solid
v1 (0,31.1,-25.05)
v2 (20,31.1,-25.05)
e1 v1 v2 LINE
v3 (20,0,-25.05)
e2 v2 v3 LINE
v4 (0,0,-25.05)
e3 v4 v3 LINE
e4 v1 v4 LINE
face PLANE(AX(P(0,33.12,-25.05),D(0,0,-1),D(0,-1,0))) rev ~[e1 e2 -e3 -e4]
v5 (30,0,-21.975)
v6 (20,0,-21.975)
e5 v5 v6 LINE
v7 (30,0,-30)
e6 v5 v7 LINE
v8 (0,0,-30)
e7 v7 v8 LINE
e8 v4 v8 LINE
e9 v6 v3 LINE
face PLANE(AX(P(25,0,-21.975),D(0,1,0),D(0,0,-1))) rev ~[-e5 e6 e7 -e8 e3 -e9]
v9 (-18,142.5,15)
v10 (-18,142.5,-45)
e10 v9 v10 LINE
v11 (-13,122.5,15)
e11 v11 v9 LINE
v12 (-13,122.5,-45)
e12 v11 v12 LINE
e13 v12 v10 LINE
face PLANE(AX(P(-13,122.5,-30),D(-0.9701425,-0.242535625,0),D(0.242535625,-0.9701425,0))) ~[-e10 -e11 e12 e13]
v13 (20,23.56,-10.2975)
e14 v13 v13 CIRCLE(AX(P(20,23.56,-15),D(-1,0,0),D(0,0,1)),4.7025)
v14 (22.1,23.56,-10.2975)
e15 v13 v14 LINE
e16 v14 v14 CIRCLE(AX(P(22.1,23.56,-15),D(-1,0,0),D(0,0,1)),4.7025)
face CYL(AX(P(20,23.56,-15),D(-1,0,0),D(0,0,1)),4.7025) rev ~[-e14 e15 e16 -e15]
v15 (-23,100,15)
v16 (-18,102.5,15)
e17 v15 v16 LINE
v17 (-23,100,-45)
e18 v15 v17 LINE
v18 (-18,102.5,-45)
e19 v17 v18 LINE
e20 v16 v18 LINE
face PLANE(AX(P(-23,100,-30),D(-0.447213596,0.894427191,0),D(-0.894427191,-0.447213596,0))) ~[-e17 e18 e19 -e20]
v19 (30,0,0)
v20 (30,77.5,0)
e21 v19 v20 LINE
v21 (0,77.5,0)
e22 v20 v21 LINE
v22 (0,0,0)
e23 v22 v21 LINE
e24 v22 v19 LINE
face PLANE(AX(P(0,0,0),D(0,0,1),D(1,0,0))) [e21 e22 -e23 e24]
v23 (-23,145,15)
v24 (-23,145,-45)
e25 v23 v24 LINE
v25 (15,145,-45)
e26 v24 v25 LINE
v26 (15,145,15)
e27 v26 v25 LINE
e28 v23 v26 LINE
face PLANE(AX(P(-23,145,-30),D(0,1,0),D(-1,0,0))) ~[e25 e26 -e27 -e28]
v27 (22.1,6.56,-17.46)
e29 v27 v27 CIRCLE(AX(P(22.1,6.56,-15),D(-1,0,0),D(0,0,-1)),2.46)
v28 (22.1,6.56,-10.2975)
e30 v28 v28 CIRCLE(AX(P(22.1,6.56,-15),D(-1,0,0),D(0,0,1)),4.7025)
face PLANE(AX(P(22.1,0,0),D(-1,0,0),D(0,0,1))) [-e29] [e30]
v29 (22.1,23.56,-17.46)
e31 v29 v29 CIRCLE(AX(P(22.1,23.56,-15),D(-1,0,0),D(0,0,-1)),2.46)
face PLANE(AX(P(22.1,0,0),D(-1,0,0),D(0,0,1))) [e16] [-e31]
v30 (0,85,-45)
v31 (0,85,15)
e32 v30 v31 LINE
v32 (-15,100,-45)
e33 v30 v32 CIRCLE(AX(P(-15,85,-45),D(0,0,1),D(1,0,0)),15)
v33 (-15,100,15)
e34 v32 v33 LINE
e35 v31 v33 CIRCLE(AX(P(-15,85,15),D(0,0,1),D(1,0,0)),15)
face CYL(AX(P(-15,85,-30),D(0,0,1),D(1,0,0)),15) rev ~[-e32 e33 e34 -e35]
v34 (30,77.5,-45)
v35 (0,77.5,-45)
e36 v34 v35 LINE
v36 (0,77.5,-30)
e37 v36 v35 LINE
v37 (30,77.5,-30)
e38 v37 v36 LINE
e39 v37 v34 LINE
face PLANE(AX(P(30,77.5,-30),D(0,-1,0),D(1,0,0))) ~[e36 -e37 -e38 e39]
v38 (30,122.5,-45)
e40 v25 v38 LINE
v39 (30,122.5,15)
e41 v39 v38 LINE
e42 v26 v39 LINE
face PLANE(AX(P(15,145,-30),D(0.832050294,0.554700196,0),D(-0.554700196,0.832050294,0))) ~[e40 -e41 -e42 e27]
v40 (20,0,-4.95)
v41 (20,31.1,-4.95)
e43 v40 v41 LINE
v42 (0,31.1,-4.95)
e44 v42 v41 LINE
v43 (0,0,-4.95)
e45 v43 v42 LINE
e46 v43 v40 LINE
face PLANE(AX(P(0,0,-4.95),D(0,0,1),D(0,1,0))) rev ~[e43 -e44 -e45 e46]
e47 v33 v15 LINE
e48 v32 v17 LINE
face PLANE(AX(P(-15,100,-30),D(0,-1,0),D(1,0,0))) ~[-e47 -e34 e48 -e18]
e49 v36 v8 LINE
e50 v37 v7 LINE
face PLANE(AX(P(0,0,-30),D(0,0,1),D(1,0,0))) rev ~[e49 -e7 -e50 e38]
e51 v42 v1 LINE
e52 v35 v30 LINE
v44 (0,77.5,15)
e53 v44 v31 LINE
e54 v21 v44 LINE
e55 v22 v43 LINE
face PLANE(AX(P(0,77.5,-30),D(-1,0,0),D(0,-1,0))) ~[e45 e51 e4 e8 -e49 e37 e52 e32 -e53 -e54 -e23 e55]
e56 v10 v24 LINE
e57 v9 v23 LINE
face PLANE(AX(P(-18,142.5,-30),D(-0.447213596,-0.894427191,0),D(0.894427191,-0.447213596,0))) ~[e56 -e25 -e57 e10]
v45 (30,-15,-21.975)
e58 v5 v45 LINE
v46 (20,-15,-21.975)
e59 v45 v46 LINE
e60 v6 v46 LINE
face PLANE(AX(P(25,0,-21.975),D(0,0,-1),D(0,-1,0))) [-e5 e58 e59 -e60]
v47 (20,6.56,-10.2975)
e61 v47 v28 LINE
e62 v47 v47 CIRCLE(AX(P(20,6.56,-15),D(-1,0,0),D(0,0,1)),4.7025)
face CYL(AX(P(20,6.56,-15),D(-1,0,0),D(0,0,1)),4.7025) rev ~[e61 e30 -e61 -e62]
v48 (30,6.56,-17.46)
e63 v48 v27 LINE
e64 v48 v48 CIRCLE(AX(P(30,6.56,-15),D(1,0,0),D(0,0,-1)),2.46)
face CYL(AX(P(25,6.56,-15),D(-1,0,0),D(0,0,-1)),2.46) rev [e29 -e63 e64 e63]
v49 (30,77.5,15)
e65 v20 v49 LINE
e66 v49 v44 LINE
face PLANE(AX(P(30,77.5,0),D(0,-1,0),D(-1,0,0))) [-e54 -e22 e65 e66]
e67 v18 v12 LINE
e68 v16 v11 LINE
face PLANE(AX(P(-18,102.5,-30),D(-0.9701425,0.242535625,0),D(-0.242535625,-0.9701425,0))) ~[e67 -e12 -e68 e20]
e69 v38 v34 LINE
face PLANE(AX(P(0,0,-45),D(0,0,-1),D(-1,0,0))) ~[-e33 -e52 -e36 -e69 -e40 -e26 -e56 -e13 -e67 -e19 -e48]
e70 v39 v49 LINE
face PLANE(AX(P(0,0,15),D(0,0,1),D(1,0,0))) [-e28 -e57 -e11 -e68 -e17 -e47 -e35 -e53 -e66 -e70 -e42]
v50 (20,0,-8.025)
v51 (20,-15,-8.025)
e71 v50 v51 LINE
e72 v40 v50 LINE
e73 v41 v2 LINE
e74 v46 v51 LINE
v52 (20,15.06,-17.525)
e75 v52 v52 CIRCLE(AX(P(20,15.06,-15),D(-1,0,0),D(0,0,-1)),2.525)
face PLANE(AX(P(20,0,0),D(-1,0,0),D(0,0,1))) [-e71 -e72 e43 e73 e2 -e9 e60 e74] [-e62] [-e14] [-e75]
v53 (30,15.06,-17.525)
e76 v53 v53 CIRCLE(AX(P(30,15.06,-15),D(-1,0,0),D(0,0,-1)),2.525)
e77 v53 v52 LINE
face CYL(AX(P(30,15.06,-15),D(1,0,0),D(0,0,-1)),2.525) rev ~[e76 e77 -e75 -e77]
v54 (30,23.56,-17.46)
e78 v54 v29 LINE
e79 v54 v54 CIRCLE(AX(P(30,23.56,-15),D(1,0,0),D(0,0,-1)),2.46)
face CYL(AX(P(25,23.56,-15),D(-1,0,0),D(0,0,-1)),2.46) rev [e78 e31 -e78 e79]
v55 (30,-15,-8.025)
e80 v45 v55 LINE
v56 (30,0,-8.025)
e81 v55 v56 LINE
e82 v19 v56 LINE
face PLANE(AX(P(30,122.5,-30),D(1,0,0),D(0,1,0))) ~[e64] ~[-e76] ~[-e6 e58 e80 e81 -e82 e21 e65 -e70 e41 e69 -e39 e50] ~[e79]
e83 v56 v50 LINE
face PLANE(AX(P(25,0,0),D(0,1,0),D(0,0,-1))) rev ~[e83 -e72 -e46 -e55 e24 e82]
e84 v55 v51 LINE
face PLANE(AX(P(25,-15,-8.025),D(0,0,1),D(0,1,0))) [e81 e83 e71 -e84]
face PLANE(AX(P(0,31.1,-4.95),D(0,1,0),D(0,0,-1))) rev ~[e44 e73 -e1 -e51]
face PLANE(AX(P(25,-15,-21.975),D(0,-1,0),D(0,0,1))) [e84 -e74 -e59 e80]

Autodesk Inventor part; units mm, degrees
ref_plane "YZ Plane" through (0, 0, 0) normal (1, 0, 0) x (0, 1, 0)
ref_plane "XZ Plane" through (0, 0, 0) normal (0, 1, 0) x (-1, 0, 0)
sketch "Sketch1" plane through (0, 0, 0) normal (0, 0, 1) x (1, 0, 0)
  line L0 (0, 0) -> (25, 0)
  line L1 (25, 0) -> (25, 40)
  line L2 (25, 40) -> (0, 40)
  line L3 (0, 40) -> (0, 0)
  dimension "d1" = 25
  dimension "d2" = 40
  dimension "d3" = 25
extrude "Extrusion1" add sketch "Sketch1" against normal blind 30
sketch "Sketch2" plane through (25, 0, 0) normal (1, 0, 0) x (0, 0, -1)
  line L0 (0, 0) -> (30, 0) projected
  circle A0 centre (15, 6.56) radius 2.46
extrude "Extrusion2" cut sketch "Sketch2" against normal blind 30
sketch "Sketch3" plane through (0, 0, 0) normal (-1, 0, 0) x (0, 0, 1)
  line L0 (0, 0) -> (-30, 0) projected
  line L1 (-25.05, 0) -> (-4.95, 0)
  line L2 (-4.95, 0) -> (-4.95, 33.12)
  line L3 (-4.95, 33.12) -> (-25.05, 33.12)
  line L4 (-25.05, 33.12) -> (-25.05, 0)
  dimension "d11" = 20.1
extrude "Extrusion3" cut sketch "Sketch3" against normal blind 20
sketch "Sketch4" plane through (0, 0, 0) normal (0, -1, 0) x (1, 0, 0)
  line L0 (20, -4.95) -> (20, -25.05) projected
  line L1 (20, -15) -> (25, -15)
  line L2 (25, 0) -> (25, -30) projected
  line L3 (20, -8.025) -> (25, -8.025)
  line L4 (25, -8.025) -> (25, -21.975)
  line L5 (25, -21.975) -> (20, -21.975)
  line L6 (20, -21.975) -> (20, -8.025)
  line L7 (20, -8.025) -> (25, -21.975) construction
  line L8 (25, -8.025) -> (20, -21.975) construction
  line L9 (25, -12.54) -> (25, -17.46) projected
  point P0 (0, 0)
  point P1 (22.5, -15)
  dimension "d14" = 13.95
extrude "Extrusion4" add sketch "Sketch4" along normal blind 15
sketch "Sketch5" plane through (20, 0, 0) normal (-1, 0, 0) x (0, 0, 1)
  circle A0 centre (-15, 6.56) radius 2.46 projected
  circle A1 centre (-15, 6.56) radius 4.7025
  circle A2 centre (-15, 6.56) radius 2.46 projected
  circle A3 centre (-15, 6.56) radius 2.46
  point P0 (0, 0)
  dimension "d17" = 9.405
extrude "Extrusion5" cut sketch "Sketch5" against normal blind 2.1
sketch "Sketch6" plane through (25, 0, 0) normal (1, 0, 0) x (0, 0, -1)
  circle A0 centre (15, 6.56) radius 4.7025 projected
  line L0 (15, 6.56) -> (15, 23.56)
  circle A1 centre (15, 23.56) radius 2.46
  point P0 (0, 0)
  dimension "d20" = 17
  dimension "d21" = 4.92
extrude "Extrusion6" cut sketch "Sketch6" against normal blind 10 contours A1
sketch "Sketch7" plane through (20, 0, 0) normal (-1, 0, 0) x (0, 0, 1)
  circle A0 centre (-15, 23.56) radius 2.46 projected
  circle A1 centre (-15, 23.56) radius 4.7025
  point P0 (0, 0)
  dimension "d24" = 9.405
extrude "Extrusion7" cut sketch "Sketch7" against normal blind 2.1
sketch "Sketch9" plane through (25, 0, 0) normal (1, 0, 0) x (0, 0, -1)
  circle A0 centre (15, 6.56) radius 2.46 projected
  circle A1 centre (15, 6.56) radius 2.46
  circle A2 centre (15, 23.56) radius 2.46 projected
  circle A3 centre (15, 23.56) radius 2.46
  line L0 (30, 40) -> (30, 0) projected
  line L1 (30, 0) -> (30, 40)
  line L2 (30, 40) -> (0, 40)
  line L3 (0, 40) -> (0, 0)
  line L4 (0, 0) -> (8.025, 0) projected
  line L5 (21.975, 0) -> (21.975, -15)
  line L6 (21.975, -15) -> (8.025, -15)
  line L7 (8.025, -15) -> (8.025, 0)
  line L8 (0, 0) -> (8.025, 0)
  line L9 (21.975, 0) -> (30, 0)
extrude "Extrusion8" add sketch "Sketch9" along normal blind 5
sketch "Sketch10" plane through (0, 40, 0) normal (0, 1, 0) x (1, 0, 0)
  line L0 (0, 30) -> (30, 30) projected
  line L1 (30, 0) -> (0, 0) projected
  line L2 (0, 30) -> (30, 30)
  line L3 (30, 30) -> (30, 0)
  line L4 (30, 0) -> (0, 0)
  line L5 (0, 0) -> (0, 30)
extrude "Extrusion9" add sketch "Sketch10" along normal blind 30
sketch "Sketch12" plane through (30, 0, 0) normal (1, 0, 0) x (0, 0, -1)
  circle A0 centre (15, 6.56) radius 2.46 projected
  line L0 (15, 6.56) -> (15, 15.06)
  circle A1 centre (15, 15.06) radius 2.525
  point P0 (0, 0)
  dimension "d31" = 8.5
  dimension "d33" = 5.05
extrude "Extrusion10" cut sketch "Sketch12" against normal blind 30 contours A1
sketch "Sketch14" plane through (0, 0, 0) normal (0, 0, 1) x (1, 0, 0)
  line L0 (30, 70) -> (0, 70) projected
  line L1 (0, 70) -> (0, 85)
  line L2 (-15, 100) -> (-23, 100)
  line L3 (30, 0) -> (30, 70) projected
  line L4 (30, 122.5) -> (30, 70)
  arc A0 (0, 85) -> (-15, 100) centre (-15, 85) ccw
  line L5 (30, 105) -> (30, 100)
  line L6 (-23, 145) -> (15, 145)
  line L7 (-18, 142.5) -> (-23, 145)
  line L8 (-18, 102.5) -> (-23, 100)
  line L9 (-18, 102.5) -> (-13, 122.5)
  line L10 (-13, 122.5) -> (-18, 142.5)
  line L11 (30, 122.5) -> (15, 145)
  point P0 (0, 0)
  point P1 (0, 100)
  dimension "d47" = 30
  dimension "d54" = 15
extrude "Extrusion12" add sketch "Sketch14" against normal blind 30
sketch "Sketch15" plane through (0, 0, -25.05) normal (-1, 0, 0) x (0, 0, 1)
  line L0 (0, 33.12) -> (20.1, 33.12) projected
  line L1 (20.1, 33.12) -> (20.1, 0) projected
  line L2 (0, 33.12) -> (20.1, 33.12)
  line L3 (20.1, 33.12) -> (20.1, 31.1)
  line L4 (20.1, 31.1) -> (0, 31.1)
  line L5 (0, 31.1) -> (0, 33.12)
  point P0 (25.05, 0)
  dimension "d57" = 2.02
extrude "Extrusion13" add sketch "Sketch15" against normal blind 20
sketch "Sketch24" plane through (0, 0, 0) normal (0, 0, 1) x (1, 0, 0)
  line L0 (-15, 100) -> (-23, 100) projected
  line L1 (-15, 100) -> (-23, 100)
  line L2 (-23, 100) -> (-18, 102.5) projected
  line L3 (-23, 100) -> (-18, 102.5)
  line L4 (-18, 102.5) -> (-13, 122.5) projected
  line L5 (-18, 102.5) -> (-13, 122.5)
  line L6 (-13, 122.5) -> (-18, 142.5) projected
  line L7 (-13, 122.5) -> (-18, 142.5)
  line L8 (-18, 142.5) -> (-23, 145) projected
  line L9 (-18, 142.5) -> (-23, 145)
  line L10 (-23, 145) -> (15, 145) projected
  line L11 (-23, 145) -> (15, 145)
  line L12 (15, 145) -> (30, 122.5) projected
  line L13 (15, 145) -> (30, 122.5)
  line L14 (30, 122.5) -> (30, 77.5)
  line L15 (30, 0) -> (30, 122.5) projected
  line L16 (30, 77.5) -> (0, 77.5)
  line L17 (0, 0) -> (0, 85) projected
  line L18 (0, 77.5) -> (0, 85)
  arc A0 (0, 85) -> (-15, 100) centre (-15, 85) ccw projected
  arc A1 (0, 85) -> (-15, 100) centre (-15, 85) ccw
  dimension "d86" = 45
extrude "Extrusion14" add sketch "Sketch24" along normal blind 15
ref_plane "Work Plane1" through (0, 0, -15) normal (0, 0, 1) x (1, 0, 0)
mirror "Mirror1" about plane through (0, 0, -15) normal (0, 0, 1) of "Extrusion14"
properties part number "rec_a_40mm_x_60mm"
